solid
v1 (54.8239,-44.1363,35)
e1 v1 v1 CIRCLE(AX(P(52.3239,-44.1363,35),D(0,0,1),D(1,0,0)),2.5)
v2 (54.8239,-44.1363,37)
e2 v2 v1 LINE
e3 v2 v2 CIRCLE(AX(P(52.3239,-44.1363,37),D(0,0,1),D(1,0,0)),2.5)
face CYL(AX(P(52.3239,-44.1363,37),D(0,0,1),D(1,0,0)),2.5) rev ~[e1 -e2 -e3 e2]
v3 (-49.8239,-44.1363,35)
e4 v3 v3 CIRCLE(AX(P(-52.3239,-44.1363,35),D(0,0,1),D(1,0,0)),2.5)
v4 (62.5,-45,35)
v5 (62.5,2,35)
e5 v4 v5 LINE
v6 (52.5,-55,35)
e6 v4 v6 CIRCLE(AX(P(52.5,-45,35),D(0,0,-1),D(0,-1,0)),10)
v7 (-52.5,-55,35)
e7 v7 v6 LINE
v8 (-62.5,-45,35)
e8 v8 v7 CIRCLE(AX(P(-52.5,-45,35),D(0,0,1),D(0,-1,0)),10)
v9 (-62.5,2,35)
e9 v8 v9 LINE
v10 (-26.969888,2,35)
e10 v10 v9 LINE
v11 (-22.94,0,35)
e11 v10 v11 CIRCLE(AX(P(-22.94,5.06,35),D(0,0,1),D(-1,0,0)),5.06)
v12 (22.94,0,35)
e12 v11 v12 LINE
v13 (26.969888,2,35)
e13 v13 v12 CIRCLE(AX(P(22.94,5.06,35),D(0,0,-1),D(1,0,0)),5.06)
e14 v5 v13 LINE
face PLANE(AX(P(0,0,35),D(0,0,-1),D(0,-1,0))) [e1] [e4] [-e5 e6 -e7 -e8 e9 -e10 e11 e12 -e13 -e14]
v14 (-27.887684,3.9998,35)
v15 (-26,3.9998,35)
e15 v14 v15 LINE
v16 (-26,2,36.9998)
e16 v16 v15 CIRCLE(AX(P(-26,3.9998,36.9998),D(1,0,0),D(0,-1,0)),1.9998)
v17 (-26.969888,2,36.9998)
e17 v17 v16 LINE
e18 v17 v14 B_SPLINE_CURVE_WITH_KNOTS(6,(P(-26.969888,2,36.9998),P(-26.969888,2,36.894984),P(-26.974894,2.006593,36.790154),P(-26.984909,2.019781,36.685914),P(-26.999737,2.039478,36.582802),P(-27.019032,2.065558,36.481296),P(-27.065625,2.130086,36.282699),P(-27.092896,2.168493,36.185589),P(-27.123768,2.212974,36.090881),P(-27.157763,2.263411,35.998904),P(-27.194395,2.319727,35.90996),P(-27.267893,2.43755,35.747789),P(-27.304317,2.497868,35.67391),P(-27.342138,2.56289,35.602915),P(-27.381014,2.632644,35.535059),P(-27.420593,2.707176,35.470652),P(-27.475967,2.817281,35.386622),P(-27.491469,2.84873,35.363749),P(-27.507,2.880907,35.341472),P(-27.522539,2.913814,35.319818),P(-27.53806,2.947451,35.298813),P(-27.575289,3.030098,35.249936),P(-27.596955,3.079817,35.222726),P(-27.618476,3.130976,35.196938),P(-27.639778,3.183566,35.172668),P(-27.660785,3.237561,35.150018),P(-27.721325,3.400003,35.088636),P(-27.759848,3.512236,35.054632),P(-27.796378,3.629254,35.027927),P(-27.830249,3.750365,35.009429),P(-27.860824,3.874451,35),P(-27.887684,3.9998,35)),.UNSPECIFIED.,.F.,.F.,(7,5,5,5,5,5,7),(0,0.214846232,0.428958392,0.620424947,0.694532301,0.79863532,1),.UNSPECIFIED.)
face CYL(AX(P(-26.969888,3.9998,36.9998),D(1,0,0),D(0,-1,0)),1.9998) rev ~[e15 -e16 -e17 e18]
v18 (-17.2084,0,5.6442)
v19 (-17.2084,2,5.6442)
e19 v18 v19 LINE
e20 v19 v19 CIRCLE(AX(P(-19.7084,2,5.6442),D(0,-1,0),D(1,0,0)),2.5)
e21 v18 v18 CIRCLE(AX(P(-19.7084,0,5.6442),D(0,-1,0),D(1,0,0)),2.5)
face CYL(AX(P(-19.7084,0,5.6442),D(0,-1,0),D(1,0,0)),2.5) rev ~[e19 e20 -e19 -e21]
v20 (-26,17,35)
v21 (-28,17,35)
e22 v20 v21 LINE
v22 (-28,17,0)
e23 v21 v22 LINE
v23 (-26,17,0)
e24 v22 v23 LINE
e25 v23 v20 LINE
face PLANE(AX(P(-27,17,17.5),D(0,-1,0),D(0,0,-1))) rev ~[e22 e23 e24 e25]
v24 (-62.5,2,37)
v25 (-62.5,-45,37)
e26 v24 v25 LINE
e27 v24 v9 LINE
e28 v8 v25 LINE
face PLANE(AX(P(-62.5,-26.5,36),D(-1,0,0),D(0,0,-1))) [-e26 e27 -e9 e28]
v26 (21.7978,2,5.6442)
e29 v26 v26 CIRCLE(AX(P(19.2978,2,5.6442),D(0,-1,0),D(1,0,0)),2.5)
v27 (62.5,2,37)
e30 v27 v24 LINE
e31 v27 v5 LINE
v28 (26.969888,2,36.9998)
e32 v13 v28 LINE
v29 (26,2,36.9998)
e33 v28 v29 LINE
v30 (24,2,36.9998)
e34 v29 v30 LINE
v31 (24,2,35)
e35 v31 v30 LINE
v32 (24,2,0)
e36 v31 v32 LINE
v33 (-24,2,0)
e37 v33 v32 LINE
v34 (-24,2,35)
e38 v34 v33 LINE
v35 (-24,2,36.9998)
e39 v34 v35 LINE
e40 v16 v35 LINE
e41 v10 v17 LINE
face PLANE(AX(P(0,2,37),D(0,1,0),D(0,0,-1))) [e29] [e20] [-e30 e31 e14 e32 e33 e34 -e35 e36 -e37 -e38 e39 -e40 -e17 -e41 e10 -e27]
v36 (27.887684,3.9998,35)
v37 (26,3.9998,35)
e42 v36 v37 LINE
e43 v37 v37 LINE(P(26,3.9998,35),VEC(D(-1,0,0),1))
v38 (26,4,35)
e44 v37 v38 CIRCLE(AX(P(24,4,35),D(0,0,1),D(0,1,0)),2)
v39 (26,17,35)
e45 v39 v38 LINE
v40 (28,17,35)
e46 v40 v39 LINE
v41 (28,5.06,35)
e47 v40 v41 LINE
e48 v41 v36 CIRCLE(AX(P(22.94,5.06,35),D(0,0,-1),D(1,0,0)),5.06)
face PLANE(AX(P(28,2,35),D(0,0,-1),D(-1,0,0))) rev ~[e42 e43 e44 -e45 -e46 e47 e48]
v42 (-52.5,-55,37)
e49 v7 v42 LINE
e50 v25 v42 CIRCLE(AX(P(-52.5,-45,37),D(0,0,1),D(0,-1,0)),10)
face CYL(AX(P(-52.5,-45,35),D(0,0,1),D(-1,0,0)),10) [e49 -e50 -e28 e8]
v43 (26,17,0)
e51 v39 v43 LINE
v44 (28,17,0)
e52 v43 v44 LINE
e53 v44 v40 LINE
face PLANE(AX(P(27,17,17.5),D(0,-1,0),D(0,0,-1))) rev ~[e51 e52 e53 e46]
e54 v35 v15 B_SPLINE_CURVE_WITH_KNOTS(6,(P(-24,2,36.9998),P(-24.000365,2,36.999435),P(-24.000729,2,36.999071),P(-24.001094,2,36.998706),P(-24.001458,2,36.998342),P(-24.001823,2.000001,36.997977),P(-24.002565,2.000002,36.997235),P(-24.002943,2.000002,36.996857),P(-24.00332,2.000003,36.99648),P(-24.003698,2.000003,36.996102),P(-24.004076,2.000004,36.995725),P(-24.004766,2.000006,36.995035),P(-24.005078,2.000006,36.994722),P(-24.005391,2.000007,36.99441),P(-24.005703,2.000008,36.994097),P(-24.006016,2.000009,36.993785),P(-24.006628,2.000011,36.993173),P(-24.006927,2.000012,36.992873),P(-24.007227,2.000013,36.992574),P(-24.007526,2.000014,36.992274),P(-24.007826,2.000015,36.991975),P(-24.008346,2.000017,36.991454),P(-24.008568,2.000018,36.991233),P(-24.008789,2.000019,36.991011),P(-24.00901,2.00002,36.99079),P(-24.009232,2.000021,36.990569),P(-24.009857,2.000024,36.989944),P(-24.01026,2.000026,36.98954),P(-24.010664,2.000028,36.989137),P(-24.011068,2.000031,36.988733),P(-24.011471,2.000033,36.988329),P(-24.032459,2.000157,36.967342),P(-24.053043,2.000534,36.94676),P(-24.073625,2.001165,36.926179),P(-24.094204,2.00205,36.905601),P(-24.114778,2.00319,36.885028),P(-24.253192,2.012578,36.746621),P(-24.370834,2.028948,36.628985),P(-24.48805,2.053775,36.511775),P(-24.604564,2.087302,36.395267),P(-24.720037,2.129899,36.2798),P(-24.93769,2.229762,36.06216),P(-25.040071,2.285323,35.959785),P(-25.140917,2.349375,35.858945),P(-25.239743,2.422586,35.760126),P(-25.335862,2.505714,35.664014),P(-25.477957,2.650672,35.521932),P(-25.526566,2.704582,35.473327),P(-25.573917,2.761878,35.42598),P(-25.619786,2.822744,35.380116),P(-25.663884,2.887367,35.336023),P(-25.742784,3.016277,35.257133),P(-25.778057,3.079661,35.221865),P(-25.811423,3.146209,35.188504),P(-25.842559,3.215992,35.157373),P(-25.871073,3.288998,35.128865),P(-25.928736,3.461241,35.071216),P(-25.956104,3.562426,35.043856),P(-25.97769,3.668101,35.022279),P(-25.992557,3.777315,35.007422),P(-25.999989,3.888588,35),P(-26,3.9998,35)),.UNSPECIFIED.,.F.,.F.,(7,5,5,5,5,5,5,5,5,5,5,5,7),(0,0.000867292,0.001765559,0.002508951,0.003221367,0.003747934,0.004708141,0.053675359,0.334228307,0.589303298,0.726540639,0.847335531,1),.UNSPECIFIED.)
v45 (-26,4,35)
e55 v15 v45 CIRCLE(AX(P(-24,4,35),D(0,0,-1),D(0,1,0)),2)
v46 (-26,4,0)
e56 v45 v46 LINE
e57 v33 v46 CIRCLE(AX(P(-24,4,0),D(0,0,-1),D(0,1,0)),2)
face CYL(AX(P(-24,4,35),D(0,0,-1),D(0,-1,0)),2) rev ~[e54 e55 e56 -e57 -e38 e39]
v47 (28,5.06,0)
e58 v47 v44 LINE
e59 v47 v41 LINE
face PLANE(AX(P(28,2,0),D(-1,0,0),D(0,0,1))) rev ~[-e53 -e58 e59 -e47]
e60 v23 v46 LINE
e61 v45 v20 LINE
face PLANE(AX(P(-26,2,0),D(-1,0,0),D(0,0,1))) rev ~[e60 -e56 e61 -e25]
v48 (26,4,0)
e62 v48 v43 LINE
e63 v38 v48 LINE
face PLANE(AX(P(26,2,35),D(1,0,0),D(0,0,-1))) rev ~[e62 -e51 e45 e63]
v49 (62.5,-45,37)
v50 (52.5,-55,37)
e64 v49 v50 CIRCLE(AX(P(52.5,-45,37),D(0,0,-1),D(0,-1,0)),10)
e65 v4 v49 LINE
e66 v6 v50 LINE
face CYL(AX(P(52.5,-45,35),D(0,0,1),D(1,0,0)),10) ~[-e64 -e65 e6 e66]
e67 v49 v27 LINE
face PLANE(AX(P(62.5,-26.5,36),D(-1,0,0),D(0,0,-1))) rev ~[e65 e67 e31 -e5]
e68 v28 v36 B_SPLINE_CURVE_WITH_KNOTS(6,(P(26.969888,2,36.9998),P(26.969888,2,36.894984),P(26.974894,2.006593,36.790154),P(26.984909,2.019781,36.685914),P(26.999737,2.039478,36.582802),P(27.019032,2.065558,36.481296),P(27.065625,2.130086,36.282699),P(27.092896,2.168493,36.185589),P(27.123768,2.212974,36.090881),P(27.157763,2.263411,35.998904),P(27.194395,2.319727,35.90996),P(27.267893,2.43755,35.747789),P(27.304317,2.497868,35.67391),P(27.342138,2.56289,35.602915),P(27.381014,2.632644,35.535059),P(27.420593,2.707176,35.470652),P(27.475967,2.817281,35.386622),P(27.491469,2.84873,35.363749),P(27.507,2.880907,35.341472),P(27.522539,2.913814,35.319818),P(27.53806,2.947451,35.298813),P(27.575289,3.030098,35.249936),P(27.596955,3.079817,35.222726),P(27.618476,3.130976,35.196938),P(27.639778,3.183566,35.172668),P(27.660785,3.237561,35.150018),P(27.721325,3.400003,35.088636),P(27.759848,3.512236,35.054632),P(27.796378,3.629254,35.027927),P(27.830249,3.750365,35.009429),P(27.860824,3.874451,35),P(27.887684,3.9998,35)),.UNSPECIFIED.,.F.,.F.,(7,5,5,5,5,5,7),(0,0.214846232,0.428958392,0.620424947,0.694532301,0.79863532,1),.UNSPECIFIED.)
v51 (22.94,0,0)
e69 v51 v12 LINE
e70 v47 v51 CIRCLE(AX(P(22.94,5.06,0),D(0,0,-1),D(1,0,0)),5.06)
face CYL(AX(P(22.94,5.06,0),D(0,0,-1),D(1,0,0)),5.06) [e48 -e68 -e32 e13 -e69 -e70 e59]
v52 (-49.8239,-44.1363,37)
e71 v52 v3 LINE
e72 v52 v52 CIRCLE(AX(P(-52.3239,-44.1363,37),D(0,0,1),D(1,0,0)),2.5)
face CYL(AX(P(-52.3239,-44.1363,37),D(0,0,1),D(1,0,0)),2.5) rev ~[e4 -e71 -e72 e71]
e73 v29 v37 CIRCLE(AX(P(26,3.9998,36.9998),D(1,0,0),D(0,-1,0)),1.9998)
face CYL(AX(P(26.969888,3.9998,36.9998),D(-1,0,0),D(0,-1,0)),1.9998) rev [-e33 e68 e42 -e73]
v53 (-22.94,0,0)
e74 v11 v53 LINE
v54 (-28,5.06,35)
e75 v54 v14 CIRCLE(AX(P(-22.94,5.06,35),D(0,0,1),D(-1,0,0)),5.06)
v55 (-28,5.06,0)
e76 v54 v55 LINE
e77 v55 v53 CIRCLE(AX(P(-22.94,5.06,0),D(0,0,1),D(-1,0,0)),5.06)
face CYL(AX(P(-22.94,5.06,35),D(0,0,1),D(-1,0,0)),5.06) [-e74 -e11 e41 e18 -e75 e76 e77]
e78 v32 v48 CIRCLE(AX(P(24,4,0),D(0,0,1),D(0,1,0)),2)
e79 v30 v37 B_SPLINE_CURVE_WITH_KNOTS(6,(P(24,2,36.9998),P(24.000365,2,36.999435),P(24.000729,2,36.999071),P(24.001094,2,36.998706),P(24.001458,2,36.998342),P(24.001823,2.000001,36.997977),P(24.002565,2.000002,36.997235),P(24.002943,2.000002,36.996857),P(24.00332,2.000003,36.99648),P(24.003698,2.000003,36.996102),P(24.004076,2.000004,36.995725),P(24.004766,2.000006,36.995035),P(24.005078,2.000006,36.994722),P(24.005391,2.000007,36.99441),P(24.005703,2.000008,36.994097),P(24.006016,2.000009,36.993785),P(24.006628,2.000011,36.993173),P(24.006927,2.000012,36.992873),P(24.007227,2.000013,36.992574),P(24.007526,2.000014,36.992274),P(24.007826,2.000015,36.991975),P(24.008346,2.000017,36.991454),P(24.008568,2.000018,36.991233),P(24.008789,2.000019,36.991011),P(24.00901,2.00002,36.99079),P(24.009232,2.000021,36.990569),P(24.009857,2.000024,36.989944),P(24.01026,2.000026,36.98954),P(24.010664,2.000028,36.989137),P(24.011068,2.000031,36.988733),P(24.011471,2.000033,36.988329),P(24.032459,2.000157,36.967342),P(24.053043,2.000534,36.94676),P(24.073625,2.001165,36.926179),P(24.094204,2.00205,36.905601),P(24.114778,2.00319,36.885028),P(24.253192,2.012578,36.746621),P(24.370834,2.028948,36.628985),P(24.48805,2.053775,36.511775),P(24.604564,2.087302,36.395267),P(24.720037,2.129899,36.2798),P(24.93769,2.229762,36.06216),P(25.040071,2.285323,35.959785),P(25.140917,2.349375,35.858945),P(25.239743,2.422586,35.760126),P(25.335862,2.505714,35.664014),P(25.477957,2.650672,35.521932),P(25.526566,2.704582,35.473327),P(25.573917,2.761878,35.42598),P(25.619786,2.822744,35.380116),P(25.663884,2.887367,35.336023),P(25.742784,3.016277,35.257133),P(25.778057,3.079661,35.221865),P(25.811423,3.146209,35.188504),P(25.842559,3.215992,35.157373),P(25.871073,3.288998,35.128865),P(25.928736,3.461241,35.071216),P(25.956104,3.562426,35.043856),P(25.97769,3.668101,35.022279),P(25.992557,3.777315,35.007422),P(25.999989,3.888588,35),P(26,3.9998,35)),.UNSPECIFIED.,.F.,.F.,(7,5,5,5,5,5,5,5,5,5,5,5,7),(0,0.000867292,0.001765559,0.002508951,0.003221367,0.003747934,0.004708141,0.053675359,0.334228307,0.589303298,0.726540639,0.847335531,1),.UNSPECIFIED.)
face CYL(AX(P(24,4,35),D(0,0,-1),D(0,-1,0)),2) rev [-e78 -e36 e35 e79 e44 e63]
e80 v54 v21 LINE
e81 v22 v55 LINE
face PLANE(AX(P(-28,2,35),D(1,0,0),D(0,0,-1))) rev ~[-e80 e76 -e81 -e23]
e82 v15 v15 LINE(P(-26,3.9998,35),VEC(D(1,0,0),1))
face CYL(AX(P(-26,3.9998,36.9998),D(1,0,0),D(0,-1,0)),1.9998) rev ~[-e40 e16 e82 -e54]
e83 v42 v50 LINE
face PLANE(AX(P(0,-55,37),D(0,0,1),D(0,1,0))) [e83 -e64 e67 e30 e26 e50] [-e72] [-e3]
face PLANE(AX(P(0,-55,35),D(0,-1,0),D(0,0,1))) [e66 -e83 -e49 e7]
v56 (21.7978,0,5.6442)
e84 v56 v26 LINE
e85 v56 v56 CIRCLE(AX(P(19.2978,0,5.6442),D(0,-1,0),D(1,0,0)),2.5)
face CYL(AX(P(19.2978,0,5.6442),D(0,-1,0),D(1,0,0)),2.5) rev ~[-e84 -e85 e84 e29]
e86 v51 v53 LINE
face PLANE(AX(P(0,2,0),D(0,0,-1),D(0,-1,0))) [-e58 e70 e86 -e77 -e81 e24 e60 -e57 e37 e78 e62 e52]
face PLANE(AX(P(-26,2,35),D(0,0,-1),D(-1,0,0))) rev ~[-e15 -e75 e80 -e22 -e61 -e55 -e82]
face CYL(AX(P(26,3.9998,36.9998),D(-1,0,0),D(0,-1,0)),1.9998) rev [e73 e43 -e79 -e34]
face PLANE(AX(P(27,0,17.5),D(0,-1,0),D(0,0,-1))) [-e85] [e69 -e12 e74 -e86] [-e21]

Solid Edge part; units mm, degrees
sketch "Sketch1" plane through (0, 0, 0) normal (1, 0, 0) x (0, 1, 0)
  line L0 (0, 0) -> (0, 35)
  line L1 (0, 35) -> (2, 35)
  line L2 (2, 35) -> (2, 0)
  line L3 (2, 0) -> (0, 0)
extrude "Protrusion1" add sketch "Sketch1" along normal mid plane 52
sketch "Sketch2" plane through (0, 0, 0) normal (1, 0, 0) x (0, 1, 0)
  line L0 (-55, 37) -> (0, 37)
  line L1 (2, 37) -> (0, 37)
  line L2 (2, 37) -> (2, 35)
  line L3 (0, 35) -> (2, 35)
  line L4 (0, 35) -> (-55, 35)
  line L5 (-55, 35) -> (-55, 37)
extrude "ExtrudedProtrusion_2" add sketch "Sketch2" along normal mid plane 125
sketch "Sketch3" plane through (0, -26.5, 37) normal (0, 0, 1) x (1, 0, 0)
  circle A0 centre (-52.3239, -17.6363) radius 2.5
  circle A1 centre (52.3239, -17.6363) radius 2.5
extrude "ExtrudedCutout_1" cut sketch "Sketch3" against normal blind 8.7921
sketch "Sketch4" plane through (0, 0, 17.5) normal (0, -1, 0) x (1, 0, 0)
  circle A0 centre (-19.7084, -11.8558) radius 2.5
  circle A1 centre (19.2978, -11.8558) radius 2.5
extrude "ExtrudedCutout_2" cut sketch "Sketch4" against normal blind 47.6347
sketch "Sketch5" plane through (0, 2, 18.5) normal (0, 1, 0) x (-1, 0, 0)
  line L0 (-28, -18.5) -> (-28, 16.5)
  line L1 (-28, 16.5) -> (-26, 16.5)
  line L2 (-26, 16.5) -> (-26, -18.5)
  line L3 (-26, -18.5) -> (-28, -18.5)
  line L4 (28, 16.5) -> (28, -18.5)
  line L5 (28, -18.5) -> (26, -18.5)
  line L6 (26, -18.5) -> (26, 16.5)
  line L7 (26, 16.5) -> (28, 16.5)
extrude "ExtrudedProtrusion_3" add sketch "Sketch5" against normal up to vertex (2 mm away) and the other way blind 15
fillet "Round_1" radius 5.06 2 edges at (28, 0, 17.5) (-28, 0, 17.5)
fillet "Round_2" radius 2 1 edges at (26, 2, 17.5)
fillet "Round_3" radius 2 1 edges at (-26, 2, 17.5)
fillet "Round_5" radius 2 2 edges at (25.4849, 2, 35) (-25.4849, 2, 35)
fillet "Round_6" radius 10 2 edges at (-62.5, -55, 36) (62.5, -55, 36)
